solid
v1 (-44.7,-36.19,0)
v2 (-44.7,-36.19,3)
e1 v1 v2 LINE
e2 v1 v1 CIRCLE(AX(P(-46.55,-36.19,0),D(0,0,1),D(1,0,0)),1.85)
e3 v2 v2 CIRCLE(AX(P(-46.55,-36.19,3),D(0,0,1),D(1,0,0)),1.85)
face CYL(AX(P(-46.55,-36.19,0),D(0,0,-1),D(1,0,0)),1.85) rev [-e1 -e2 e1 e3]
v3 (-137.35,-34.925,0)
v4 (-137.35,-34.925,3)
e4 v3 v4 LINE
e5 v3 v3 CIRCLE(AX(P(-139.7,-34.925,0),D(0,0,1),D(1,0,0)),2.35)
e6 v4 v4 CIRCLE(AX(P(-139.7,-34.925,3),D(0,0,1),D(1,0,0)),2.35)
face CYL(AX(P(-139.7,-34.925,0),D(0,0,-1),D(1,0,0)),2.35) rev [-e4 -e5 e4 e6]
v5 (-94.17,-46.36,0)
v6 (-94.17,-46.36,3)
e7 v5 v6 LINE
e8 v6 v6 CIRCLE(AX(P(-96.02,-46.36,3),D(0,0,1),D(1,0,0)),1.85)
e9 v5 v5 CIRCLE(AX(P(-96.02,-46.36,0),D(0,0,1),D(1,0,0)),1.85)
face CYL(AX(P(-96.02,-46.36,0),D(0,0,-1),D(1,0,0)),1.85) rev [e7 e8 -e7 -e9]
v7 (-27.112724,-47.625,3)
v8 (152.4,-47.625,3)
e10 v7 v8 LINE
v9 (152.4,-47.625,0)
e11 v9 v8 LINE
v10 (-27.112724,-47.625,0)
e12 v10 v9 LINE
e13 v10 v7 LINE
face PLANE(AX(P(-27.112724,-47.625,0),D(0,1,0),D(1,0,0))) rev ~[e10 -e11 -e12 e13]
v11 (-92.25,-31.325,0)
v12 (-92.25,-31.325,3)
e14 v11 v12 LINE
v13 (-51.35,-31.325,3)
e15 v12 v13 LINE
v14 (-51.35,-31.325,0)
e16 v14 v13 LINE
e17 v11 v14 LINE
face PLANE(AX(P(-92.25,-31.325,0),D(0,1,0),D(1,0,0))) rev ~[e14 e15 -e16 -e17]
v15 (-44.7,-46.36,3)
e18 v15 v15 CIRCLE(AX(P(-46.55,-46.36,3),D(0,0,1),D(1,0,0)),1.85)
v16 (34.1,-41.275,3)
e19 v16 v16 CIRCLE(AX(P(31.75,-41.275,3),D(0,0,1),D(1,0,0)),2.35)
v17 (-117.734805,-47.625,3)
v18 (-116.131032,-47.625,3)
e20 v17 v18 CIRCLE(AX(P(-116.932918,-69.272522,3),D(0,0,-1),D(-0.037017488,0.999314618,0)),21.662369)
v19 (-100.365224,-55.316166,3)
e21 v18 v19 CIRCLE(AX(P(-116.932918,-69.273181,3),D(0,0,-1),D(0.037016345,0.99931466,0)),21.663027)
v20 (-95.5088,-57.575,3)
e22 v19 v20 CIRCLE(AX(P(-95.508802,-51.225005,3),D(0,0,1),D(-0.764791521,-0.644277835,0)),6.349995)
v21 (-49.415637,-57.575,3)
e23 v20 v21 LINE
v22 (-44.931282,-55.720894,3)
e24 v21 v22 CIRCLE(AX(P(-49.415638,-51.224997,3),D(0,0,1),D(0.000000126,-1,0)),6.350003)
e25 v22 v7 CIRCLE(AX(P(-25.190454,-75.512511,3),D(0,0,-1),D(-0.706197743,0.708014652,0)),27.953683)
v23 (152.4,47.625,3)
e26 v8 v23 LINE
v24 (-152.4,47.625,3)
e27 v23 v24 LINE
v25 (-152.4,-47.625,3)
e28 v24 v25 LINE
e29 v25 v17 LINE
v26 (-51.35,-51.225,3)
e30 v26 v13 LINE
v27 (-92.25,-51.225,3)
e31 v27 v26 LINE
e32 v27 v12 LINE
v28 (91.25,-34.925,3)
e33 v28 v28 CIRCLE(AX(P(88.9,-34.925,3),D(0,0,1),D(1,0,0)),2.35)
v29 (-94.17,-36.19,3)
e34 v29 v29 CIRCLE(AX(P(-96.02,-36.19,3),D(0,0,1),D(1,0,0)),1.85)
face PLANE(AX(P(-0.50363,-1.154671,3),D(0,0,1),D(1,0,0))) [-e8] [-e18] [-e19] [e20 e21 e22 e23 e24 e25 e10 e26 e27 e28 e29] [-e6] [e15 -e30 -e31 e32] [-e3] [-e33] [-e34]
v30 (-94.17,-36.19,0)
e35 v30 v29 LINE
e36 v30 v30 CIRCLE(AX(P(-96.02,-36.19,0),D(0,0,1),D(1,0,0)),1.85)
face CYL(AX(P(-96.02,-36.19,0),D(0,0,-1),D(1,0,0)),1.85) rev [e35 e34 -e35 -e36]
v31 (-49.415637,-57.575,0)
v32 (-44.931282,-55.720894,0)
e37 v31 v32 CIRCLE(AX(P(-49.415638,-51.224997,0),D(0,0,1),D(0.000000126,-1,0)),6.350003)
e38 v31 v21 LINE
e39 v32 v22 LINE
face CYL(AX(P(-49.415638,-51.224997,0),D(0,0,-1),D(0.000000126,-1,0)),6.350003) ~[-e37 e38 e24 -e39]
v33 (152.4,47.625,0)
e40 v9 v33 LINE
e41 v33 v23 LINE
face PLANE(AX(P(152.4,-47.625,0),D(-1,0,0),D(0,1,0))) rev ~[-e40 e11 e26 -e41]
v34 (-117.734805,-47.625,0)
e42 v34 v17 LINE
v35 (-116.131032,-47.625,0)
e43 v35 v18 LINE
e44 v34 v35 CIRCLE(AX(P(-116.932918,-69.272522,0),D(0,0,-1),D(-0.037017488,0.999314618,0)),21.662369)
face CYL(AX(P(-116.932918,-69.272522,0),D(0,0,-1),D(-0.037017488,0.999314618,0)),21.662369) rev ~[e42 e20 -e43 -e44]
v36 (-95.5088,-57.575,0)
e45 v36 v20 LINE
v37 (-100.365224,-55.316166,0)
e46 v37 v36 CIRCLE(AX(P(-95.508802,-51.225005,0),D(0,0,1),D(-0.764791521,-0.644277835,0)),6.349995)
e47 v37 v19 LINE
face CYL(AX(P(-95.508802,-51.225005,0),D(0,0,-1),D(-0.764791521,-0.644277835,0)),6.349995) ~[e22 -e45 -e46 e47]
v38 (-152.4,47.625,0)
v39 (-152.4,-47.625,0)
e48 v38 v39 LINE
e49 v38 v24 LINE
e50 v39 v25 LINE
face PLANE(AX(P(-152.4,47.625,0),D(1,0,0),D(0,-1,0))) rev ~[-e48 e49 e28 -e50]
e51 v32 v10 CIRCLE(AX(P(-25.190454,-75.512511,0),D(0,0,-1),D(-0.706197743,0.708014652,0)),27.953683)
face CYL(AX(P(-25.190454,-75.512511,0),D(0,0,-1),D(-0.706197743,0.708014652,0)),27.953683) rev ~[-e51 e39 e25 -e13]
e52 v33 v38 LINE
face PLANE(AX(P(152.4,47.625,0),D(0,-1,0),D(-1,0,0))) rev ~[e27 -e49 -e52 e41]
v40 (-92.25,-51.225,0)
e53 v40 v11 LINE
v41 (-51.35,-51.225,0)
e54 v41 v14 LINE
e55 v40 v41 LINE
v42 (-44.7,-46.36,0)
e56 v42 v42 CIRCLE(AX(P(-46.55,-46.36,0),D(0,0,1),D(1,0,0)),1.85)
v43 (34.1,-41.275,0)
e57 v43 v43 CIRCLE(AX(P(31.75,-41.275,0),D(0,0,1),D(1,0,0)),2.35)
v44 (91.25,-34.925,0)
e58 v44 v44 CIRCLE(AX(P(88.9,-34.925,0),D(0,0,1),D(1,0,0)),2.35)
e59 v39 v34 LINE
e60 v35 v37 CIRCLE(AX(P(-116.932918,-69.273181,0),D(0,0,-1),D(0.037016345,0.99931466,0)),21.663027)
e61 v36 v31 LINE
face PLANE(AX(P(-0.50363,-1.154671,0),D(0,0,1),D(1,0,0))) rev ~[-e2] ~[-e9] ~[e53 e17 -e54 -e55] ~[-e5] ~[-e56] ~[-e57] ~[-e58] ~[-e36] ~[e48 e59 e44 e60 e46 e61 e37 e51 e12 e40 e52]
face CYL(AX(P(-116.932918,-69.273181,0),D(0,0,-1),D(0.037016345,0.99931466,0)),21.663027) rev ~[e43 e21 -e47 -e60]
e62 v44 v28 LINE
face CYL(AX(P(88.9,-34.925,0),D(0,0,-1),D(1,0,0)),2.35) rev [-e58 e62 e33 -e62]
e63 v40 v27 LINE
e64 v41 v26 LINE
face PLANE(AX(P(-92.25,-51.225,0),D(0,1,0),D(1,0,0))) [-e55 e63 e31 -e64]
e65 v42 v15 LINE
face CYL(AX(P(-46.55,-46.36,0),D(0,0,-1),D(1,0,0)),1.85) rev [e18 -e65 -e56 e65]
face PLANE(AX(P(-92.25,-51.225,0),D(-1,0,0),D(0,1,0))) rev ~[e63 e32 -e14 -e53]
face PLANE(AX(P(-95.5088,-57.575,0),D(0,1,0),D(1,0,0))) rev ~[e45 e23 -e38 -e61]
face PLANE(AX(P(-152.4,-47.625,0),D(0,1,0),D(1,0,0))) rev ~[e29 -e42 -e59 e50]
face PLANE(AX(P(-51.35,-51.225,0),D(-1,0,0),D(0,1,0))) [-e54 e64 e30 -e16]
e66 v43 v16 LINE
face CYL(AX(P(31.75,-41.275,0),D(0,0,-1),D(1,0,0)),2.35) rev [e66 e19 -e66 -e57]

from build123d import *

# Parameters (mm, degrees)
F0_R     = 1.85
F0_R_2   = 2.35
F0_W     = 40.9
F0_H     = 19.9
F1_DEPTH = 3


with BuildPart() as f1:
    # F0 (on Top) → F1 (new body)
    with BuildSketch(Plane.XY):
        with BuildLine():
            Line((-152.4, 47.625), (-152.4, -47.625))
            Line((-152.4, -47.625), (-117.734805, -47.625))
            ThreePointArc((-117.734805, -47.625), (-116.932919, -47.610153), (-116.131032, -47.625))
            ThreePointArc((-116.131032, -47.625), (-107.434809, -49.803392), (-100.365224, -55.316166))
            ThreePointArc((-100.365224, -55.316166), (-98.186821, -56.982665), (-95.5088, -57.575))
            Line((-95.5088, -57.575), (-77.11, -57.575))
            Line((-77.11, -57.575), (-49.415637, -57.575))
            ThreePointArc((-49.415637, -57.575), (-46.989367, -57.093195), (-44.931282, -55.720894))
            ThreePointArc((-44.931282, -55.720894), (-36.753686, -50.062559), (-27.112724, -47.625))
            Line((-27.112724, -47.625), (152.4, -47.625))
            Line((152.4, -47.625), (152.4, 47.625))
            Line((152.4, 47.625), (-152.4, 47.625))
        make_face()
        with Locations((-96.02, -46.36)):
            Circle(F0_R, mode=Mode.SUBTRACT)
        with Locations((-139.7, -34.925)):
            Circle(F0_R_2, mode=Mode.SUBTRACT)
        with Locations((-96.02, -36.19)):
            Circle(F0_R, mode=Mode.SUBTRACT)
        with Locations((-46.55, -46.36)):
            Circle(F0_R, mode=Mode.SUBTRACT)
        with Locations((-71.8, -41.275)):
            Rectangle(F0_W, F0_H, mode=Mode.SUBTRACT)
        with Locations((-46.55, -36.19)):
            Circle(F0_R, mode=Mode.SUBTRACT)
        with Locations((31.75, -41.275)):
            Circle(F0_R_2, mode=Mode.SUBTRACT)
        with Locations((88.9, -34.925)):
            Circle(F0_R_2, mode=Mode.SUBTRACT)
    extrude(amount=F1_DEPTH)


solid = f1.part
